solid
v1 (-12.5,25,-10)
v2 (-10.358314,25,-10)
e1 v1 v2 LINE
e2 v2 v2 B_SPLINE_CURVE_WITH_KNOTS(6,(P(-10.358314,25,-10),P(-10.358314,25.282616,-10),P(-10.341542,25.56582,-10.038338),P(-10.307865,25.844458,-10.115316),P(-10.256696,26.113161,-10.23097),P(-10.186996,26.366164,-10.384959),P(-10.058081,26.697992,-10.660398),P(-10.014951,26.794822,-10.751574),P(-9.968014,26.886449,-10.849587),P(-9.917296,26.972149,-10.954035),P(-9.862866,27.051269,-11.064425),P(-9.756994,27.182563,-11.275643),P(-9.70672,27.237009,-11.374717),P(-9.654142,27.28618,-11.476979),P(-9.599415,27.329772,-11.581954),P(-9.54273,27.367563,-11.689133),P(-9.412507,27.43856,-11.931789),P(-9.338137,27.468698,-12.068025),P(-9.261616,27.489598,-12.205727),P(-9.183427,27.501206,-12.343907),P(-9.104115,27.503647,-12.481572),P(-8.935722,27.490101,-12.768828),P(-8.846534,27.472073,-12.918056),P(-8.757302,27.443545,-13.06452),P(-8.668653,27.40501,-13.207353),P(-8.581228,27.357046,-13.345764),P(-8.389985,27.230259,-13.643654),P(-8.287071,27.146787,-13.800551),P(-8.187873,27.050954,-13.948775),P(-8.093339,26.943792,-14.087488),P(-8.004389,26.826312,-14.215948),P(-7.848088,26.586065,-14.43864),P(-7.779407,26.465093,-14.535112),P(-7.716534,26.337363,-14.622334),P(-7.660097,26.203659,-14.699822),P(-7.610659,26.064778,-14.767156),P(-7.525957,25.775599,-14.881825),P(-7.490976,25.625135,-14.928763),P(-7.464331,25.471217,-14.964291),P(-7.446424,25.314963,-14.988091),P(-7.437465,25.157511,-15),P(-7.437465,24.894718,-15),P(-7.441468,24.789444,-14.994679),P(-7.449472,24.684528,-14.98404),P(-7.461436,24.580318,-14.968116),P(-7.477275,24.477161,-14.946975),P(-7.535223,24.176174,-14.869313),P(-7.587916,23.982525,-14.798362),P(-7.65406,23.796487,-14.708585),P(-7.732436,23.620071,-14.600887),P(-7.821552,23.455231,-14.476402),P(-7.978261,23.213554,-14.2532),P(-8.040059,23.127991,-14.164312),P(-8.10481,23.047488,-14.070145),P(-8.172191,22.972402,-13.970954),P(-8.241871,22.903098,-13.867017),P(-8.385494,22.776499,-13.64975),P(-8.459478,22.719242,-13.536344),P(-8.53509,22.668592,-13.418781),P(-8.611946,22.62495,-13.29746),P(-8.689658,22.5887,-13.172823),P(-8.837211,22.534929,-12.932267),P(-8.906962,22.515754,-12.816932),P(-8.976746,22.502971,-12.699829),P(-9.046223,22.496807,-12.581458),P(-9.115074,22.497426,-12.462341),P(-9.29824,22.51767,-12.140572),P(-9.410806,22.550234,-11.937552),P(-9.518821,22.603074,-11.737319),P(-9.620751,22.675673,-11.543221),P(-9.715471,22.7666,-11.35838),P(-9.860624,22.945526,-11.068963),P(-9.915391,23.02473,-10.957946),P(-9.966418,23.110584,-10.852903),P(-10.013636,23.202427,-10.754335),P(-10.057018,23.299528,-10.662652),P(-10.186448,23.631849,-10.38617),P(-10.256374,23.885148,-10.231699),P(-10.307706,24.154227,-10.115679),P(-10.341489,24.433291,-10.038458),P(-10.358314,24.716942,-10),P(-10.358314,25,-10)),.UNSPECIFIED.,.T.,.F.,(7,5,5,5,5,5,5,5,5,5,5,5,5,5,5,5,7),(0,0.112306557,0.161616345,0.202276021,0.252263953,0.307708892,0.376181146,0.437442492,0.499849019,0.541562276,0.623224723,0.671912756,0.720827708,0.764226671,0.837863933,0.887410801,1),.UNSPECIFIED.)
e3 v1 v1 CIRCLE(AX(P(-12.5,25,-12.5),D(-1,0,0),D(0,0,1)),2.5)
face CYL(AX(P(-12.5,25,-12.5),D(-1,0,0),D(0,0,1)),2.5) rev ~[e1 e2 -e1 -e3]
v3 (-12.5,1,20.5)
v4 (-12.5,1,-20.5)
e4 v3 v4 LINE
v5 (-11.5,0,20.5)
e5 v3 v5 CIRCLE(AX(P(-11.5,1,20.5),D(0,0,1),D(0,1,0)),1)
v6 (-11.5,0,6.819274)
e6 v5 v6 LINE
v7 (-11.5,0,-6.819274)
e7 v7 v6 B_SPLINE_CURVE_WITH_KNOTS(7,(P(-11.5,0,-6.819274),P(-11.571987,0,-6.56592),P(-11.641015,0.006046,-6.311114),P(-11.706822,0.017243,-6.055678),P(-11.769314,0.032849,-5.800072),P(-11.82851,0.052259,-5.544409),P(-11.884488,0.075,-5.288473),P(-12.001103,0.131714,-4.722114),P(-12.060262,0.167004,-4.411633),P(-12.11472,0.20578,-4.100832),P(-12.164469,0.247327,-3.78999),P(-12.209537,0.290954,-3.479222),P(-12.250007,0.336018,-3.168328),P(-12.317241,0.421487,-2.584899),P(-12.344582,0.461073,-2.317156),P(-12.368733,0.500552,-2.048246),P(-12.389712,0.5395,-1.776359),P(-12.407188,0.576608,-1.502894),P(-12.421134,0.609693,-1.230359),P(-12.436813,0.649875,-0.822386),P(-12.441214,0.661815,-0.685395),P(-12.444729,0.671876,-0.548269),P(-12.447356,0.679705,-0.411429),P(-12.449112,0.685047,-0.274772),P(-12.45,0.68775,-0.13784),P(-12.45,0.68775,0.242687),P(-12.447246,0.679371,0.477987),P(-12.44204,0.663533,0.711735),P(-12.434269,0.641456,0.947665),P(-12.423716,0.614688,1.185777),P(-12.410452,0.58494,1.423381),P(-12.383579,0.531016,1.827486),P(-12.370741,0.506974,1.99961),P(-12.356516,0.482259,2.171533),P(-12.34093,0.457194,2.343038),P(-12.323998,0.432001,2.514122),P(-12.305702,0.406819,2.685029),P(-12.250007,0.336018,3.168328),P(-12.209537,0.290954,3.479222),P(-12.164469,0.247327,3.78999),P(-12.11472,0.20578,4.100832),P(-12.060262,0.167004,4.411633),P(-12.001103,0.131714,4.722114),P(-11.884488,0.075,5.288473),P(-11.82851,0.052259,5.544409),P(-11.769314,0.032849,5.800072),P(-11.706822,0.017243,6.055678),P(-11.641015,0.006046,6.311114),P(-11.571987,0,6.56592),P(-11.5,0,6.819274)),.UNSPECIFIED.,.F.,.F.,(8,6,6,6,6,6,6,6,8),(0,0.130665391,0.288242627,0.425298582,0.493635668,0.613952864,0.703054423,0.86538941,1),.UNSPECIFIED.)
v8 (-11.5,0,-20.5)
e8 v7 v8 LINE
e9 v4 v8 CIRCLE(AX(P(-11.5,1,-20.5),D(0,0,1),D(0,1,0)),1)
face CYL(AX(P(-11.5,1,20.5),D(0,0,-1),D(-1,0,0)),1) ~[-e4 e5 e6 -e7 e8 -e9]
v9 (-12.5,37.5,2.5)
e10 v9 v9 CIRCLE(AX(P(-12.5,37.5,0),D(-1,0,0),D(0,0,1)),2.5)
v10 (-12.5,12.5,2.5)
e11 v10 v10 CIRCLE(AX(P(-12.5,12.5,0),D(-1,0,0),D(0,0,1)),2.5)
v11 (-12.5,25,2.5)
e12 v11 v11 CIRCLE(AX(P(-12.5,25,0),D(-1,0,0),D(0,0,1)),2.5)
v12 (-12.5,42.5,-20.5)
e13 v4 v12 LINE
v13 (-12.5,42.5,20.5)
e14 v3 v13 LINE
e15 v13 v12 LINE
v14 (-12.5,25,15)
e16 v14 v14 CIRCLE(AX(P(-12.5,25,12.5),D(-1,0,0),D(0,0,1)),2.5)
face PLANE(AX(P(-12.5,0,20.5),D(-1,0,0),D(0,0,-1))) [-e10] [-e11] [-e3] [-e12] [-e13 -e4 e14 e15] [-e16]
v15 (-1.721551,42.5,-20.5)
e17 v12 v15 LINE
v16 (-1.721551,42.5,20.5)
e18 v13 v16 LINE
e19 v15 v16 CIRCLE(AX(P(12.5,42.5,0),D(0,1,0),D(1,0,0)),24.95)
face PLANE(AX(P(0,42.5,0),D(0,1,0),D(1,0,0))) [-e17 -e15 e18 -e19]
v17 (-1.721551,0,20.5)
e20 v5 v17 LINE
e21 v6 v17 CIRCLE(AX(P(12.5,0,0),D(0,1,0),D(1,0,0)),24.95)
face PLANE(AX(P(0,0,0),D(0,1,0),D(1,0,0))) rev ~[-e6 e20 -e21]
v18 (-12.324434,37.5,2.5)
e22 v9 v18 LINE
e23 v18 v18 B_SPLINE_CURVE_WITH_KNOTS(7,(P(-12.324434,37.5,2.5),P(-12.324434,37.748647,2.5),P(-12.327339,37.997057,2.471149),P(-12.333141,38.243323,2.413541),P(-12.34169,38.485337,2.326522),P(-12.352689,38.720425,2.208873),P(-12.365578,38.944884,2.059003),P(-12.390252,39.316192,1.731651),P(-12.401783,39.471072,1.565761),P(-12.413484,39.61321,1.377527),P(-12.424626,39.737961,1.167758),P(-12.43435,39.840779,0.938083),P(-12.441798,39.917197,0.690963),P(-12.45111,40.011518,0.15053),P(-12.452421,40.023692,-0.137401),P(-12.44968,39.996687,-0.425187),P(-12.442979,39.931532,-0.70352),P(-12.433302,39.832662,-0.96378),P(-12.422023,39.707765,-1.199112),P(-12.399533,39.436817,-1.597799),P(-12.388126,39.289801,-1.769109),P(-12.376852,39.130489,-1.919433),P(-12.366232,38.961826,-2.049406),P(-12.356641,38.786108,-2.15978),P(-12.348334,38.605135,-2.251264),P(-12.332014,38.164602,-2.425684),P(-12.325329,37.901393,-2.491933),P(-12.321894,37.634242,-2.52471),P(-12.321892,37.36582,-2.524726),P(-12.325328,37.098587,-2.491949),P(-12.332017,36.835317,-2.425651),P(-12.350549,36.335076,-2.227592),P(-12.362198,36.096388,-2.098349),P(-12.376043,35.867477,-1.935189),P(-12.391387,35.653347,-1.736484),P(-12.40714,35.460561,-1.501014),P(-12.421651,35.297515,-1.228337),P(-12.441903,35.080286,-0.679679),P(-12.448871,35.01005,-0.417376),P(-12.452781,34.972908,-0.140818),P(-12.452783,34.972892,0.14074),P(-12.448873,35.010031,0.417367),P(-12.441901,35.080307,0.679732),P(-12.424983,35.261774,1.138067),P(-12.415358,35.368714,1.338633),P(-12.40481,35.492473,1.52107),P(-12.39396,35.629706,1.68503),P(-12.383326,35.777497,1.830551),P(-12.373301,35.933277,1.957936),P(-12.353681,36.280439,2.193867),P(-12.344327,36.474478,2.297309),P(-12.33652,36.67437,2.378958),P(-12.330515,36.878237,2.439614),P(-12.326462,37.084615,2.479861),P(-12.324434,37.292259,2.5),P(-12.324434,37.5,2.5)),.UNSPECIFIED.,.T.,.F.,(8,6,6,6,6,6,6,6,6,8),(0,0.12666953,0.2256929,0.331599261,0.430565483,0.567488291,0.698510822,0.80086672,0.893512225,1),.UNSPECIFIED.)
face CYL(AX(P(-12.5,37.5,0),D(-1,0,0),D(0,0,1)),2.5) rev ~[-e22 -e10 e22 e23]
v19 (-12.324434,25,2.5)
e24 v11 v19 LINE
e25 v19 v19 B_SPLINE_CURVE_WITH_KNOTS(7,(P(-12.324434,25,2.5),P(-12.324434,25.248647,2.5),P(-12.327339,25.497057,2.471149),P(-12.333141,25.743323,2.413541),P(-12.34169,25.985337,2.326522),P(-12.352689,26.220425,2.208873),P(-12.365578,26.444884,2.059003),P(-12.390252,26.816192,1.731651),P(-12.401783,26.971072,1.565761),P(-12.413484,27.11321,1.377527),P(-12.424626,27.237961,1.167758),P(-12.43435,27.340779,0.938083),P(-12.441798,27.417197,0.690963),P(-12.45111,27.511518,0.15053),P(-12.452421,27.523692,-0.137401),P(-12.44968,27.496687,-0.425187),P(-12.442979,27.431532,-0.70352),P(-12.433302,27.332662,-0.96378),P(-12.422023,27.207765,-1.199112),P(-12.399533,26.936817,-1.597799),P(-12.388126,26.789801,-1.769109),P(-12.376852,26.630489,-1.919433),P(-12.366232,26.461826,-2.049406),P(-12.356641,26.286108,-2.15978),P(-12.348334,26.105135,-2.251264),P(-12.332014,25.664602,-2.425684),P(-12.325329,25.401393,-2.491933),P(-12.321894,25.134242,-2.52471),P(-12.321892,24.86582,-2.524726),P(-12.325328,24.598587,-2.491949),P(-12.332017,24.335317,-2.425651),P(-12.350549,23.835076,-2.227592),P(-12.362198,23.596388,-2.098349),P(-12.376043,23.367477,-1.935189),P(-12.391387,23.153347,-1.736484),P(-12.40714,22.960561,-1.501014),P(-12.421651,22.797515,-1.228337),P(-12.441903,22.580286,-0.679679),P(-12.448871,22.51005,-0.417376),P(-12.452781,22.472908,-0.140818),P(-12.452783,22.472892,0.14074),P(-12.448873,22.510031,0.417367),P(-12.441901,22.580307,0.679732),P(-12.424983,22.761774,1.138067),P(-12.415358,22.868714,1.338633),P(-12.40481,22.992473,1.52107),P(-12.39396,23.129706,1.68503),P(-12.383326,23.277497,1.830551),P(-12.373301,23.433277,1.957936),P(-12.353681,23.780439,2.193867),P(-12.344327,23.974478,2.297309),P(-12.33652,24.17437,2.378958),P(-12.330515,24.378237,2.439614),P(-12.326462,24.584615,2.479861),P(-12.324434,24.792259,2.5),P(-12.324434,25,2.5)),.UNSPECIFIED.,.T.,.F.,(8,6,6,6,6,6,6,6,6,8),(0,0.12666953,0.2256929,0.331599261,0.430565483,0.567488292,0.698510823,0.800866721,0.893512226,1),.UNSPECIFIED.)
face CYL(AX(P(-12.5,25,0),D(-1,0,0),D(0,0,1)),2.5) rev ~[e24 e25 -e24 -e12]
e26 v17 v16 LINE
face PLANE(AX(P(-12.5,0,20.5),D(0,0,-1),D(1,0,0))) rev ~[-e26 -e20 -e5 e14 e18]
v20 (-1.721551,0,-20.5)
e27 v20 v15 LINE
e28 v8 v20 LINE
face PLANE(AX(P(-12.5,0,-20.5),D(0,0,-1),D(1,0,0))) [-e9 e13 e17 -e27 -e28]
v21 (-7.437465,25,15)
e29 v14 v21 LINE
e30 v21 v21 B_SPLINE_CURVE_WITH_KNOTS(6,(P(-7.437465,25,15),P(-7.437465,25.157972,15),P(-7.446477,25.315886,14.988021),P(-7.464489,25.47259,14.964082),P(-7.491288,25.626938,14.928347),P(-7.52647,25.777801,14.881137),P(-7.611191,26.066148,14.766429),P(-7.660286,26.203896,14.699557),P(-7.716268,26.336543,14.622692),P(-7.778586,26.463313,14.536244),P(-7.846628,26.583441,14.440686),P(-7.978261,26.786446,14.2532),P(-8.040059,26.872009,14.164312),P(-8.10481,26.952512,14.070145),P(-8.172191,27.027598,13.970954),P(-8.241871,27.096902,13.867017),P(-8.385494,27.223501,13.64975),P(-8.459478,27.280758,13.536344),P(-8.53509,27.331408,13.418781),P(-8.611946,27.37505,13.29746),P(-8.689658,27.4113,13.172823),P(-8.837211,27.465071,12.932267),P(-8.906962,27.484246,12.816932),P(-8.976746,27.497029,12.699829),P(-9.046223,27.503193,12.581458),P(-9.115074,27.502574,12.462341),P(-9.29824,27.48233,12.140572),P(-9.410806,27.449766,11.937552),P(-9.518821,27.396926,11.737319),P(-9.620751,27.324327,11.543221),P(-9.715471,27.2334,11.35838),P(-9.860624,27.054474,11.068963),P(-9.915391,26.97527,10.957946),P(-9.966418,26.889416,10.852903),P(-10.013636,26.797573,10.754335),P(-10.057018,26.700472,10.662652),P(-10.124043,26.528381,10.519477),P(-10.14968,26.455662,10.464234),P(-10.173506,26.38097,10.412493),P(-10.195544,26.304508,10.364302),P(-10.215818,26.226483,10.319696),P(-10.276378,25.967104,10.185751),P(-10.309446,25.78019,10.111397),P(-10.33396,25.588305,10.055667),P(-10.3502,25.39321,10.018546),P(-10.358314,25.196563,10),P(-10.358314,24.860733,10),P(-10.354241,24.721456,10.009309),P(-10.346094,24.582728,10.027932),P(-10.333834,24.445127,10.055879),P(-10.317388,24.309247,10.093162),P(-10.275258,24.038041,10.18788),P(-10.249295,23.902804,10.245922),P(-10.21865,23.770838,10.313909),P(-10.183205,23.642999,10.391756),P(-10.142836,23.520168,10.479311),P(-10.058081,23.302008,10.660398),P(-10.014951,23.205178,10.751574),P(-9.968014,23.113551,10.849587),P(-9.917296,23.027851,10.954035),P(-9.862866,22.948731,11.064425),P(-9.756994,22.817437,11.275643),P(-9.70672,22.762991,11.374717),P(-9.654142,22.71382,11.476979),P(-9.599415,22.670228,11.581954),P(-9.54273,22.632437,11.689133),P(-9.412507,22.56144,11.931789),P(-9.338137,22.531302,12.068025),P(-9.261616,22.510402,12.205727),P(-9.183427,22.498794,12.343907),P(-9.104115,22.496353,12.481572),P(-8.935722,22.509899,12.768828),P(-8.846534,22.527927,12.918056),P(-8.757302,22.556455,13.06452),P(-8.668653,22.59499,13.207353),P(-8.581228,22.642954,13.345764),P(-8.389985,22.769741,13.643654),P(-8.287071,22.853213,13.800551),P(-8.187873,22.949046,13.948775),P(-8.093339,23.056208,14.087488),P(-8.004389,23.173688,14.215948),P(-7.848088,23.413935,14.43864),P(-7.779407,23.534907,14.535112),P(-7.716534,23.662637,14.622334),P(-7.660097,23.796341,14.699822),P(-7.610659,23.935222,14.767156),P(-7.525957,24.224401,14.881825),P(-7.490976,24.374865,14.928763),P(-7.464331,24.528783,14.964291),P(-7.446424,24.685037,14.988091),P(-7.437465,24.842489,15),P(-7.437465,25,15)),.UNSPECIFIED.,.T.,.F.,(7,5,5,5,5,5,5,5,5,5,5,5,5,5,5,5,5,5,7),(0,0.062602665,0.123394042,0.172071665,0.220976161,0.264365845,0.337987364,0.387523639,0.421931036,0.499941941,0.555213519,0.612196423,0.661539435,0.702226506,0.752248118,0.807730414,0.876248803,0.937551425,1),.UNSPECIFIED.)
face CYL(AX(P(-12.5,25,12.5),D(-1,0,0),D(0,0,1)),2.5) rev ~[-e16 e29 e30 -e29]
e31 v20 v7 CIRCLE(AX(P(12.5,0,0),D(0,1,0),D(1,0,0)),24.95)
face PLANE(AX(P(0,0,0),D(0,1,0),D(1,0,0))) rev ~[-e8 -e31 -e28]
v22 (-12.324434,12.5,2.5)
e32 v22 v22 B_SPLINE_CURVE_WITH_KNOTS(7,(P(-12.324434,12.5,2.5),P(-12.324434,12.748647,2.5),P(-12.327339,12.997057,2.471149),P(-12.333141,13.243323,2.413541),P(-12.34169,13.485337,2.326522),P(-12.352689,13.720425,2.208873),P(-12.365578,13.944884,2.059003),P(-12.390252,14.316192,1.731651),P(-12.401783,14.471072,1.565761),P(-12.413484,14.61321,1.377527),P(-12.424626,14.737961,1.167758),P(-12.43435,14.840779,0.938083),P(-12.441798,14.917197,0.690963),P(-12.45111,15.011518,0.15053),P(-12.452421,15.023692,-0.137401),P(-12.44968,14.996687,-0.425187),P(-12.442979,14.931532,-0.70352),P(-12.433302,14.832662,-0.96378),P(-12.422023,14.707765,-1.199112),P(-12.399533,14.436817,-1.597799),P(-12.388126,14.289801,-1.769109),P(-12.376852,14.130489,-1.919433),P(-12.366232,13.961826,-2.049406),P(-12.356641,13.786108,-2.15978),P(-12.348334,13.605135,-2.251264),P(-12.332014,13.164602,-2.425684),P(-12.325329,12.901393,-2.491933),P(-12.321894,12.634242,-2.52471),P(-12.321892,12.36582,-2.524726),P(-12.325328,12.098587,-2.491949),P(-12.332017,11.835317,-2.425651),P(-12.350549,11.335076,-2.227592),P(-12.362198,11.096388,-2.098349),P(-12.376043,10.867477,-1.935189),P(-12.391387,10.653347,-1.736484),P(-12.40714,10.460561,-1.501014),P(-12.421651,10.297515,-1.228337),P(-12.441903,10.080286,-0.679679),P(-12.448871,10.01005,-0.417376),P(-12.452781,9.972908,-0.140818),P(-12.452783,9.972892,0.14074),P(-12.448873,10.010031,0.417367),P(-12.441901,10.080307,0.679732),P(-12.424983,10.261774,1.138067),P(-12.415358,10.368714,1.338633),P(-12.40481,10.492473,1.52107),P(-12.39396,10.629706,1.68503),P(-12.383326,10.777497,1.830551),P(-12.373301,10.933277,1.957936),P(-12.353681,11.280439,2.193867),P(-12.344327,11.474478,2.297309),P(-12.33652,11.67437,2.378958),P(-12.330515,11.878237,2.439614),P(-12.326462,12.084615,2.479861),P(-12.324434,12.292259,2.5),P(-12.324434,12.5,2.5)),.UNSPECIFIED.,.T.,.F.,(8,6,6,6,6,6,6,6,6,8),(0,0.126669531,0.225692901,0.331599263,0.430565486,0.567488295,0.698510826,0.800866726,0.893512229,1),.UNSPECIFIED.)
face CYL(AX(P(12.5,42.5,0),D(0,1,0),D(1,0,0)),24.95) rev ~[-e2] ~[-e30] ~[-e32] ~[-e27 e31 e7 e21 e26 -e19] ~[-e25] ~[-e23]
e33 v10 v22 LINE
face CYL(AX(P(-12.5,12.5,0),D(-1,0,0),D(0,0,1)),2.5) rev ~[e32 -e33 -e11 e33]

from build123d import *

# Parameters (mm, degrees)
SKETCH_1_W          = 25
SKETCH_1_H          = 41
EXTRUDE_1_DEPTH     = 42.5
FILLET_1_R          = 1
SKETCH_2_R          = 24.95
CUT_EXTRUDE_1_DEPTH = 42.5
SKETCH_3_R          = 2.5
CUT_EXTRUDE_2_DEPTH = 10


with BuildPart() as part:
    # Эскиз1 → Бобышка-Вытянуть1 (new body)
    with BuildSketch(Plane(origin=(0, 0, 0), x_dir=(1, 0, 0), z_dir=(0, 1, 0))):
        Rectangle(SKETCH_1_W, SKETCH_1_H)
    extrude(amount=EXTRUDE_1_DEPTH)

    # Скругление1
    fillet_1_edges = [part.edges().sort_by_distance(p)[0] for p in [
        (-12.5, 0, 0),
    ]]
    fillet(fillet_1_edges, radius=FILLET_1_R)

    # Эскиз2 → Вырез-Вытянуть1 (cut)
    with BuildSketch(Plane(origin=(0, 42.5, 0), x_dir=(1, 0, 0), z_dir=(0, 1, 0))):
        with Locations((12.5, 0)):
            Circle(SKETCH_2_R)
    extrude(amount=-CUT_EXTRUDE_1_DEPTH, mode=Mode.SUBTRACT)

    # Эскиз3 → Вырез-Вытянуть2 (cut)
    with BuildSketch(Plane.ZY.offset(12.5)):
        with Locations((-12.5, 25)):
            Circle(SKETCH_3_R)
        with Locations((0, 37.5)):
            Circle(SKETCH_3_R)
        with Locations((12.5, 25)):
            Circle(SKETCH_3_R)
        with Locations((0, 12.5)):
            Circle(SKETCH_3_R)
        with Locations((0, 25)):
            Circle(SKETCH_3_R)
    extrude(amount=-CUT_EXTRUDE_2_DEPTH, mode=Mode.SUBTRACT)


solid = part.part
